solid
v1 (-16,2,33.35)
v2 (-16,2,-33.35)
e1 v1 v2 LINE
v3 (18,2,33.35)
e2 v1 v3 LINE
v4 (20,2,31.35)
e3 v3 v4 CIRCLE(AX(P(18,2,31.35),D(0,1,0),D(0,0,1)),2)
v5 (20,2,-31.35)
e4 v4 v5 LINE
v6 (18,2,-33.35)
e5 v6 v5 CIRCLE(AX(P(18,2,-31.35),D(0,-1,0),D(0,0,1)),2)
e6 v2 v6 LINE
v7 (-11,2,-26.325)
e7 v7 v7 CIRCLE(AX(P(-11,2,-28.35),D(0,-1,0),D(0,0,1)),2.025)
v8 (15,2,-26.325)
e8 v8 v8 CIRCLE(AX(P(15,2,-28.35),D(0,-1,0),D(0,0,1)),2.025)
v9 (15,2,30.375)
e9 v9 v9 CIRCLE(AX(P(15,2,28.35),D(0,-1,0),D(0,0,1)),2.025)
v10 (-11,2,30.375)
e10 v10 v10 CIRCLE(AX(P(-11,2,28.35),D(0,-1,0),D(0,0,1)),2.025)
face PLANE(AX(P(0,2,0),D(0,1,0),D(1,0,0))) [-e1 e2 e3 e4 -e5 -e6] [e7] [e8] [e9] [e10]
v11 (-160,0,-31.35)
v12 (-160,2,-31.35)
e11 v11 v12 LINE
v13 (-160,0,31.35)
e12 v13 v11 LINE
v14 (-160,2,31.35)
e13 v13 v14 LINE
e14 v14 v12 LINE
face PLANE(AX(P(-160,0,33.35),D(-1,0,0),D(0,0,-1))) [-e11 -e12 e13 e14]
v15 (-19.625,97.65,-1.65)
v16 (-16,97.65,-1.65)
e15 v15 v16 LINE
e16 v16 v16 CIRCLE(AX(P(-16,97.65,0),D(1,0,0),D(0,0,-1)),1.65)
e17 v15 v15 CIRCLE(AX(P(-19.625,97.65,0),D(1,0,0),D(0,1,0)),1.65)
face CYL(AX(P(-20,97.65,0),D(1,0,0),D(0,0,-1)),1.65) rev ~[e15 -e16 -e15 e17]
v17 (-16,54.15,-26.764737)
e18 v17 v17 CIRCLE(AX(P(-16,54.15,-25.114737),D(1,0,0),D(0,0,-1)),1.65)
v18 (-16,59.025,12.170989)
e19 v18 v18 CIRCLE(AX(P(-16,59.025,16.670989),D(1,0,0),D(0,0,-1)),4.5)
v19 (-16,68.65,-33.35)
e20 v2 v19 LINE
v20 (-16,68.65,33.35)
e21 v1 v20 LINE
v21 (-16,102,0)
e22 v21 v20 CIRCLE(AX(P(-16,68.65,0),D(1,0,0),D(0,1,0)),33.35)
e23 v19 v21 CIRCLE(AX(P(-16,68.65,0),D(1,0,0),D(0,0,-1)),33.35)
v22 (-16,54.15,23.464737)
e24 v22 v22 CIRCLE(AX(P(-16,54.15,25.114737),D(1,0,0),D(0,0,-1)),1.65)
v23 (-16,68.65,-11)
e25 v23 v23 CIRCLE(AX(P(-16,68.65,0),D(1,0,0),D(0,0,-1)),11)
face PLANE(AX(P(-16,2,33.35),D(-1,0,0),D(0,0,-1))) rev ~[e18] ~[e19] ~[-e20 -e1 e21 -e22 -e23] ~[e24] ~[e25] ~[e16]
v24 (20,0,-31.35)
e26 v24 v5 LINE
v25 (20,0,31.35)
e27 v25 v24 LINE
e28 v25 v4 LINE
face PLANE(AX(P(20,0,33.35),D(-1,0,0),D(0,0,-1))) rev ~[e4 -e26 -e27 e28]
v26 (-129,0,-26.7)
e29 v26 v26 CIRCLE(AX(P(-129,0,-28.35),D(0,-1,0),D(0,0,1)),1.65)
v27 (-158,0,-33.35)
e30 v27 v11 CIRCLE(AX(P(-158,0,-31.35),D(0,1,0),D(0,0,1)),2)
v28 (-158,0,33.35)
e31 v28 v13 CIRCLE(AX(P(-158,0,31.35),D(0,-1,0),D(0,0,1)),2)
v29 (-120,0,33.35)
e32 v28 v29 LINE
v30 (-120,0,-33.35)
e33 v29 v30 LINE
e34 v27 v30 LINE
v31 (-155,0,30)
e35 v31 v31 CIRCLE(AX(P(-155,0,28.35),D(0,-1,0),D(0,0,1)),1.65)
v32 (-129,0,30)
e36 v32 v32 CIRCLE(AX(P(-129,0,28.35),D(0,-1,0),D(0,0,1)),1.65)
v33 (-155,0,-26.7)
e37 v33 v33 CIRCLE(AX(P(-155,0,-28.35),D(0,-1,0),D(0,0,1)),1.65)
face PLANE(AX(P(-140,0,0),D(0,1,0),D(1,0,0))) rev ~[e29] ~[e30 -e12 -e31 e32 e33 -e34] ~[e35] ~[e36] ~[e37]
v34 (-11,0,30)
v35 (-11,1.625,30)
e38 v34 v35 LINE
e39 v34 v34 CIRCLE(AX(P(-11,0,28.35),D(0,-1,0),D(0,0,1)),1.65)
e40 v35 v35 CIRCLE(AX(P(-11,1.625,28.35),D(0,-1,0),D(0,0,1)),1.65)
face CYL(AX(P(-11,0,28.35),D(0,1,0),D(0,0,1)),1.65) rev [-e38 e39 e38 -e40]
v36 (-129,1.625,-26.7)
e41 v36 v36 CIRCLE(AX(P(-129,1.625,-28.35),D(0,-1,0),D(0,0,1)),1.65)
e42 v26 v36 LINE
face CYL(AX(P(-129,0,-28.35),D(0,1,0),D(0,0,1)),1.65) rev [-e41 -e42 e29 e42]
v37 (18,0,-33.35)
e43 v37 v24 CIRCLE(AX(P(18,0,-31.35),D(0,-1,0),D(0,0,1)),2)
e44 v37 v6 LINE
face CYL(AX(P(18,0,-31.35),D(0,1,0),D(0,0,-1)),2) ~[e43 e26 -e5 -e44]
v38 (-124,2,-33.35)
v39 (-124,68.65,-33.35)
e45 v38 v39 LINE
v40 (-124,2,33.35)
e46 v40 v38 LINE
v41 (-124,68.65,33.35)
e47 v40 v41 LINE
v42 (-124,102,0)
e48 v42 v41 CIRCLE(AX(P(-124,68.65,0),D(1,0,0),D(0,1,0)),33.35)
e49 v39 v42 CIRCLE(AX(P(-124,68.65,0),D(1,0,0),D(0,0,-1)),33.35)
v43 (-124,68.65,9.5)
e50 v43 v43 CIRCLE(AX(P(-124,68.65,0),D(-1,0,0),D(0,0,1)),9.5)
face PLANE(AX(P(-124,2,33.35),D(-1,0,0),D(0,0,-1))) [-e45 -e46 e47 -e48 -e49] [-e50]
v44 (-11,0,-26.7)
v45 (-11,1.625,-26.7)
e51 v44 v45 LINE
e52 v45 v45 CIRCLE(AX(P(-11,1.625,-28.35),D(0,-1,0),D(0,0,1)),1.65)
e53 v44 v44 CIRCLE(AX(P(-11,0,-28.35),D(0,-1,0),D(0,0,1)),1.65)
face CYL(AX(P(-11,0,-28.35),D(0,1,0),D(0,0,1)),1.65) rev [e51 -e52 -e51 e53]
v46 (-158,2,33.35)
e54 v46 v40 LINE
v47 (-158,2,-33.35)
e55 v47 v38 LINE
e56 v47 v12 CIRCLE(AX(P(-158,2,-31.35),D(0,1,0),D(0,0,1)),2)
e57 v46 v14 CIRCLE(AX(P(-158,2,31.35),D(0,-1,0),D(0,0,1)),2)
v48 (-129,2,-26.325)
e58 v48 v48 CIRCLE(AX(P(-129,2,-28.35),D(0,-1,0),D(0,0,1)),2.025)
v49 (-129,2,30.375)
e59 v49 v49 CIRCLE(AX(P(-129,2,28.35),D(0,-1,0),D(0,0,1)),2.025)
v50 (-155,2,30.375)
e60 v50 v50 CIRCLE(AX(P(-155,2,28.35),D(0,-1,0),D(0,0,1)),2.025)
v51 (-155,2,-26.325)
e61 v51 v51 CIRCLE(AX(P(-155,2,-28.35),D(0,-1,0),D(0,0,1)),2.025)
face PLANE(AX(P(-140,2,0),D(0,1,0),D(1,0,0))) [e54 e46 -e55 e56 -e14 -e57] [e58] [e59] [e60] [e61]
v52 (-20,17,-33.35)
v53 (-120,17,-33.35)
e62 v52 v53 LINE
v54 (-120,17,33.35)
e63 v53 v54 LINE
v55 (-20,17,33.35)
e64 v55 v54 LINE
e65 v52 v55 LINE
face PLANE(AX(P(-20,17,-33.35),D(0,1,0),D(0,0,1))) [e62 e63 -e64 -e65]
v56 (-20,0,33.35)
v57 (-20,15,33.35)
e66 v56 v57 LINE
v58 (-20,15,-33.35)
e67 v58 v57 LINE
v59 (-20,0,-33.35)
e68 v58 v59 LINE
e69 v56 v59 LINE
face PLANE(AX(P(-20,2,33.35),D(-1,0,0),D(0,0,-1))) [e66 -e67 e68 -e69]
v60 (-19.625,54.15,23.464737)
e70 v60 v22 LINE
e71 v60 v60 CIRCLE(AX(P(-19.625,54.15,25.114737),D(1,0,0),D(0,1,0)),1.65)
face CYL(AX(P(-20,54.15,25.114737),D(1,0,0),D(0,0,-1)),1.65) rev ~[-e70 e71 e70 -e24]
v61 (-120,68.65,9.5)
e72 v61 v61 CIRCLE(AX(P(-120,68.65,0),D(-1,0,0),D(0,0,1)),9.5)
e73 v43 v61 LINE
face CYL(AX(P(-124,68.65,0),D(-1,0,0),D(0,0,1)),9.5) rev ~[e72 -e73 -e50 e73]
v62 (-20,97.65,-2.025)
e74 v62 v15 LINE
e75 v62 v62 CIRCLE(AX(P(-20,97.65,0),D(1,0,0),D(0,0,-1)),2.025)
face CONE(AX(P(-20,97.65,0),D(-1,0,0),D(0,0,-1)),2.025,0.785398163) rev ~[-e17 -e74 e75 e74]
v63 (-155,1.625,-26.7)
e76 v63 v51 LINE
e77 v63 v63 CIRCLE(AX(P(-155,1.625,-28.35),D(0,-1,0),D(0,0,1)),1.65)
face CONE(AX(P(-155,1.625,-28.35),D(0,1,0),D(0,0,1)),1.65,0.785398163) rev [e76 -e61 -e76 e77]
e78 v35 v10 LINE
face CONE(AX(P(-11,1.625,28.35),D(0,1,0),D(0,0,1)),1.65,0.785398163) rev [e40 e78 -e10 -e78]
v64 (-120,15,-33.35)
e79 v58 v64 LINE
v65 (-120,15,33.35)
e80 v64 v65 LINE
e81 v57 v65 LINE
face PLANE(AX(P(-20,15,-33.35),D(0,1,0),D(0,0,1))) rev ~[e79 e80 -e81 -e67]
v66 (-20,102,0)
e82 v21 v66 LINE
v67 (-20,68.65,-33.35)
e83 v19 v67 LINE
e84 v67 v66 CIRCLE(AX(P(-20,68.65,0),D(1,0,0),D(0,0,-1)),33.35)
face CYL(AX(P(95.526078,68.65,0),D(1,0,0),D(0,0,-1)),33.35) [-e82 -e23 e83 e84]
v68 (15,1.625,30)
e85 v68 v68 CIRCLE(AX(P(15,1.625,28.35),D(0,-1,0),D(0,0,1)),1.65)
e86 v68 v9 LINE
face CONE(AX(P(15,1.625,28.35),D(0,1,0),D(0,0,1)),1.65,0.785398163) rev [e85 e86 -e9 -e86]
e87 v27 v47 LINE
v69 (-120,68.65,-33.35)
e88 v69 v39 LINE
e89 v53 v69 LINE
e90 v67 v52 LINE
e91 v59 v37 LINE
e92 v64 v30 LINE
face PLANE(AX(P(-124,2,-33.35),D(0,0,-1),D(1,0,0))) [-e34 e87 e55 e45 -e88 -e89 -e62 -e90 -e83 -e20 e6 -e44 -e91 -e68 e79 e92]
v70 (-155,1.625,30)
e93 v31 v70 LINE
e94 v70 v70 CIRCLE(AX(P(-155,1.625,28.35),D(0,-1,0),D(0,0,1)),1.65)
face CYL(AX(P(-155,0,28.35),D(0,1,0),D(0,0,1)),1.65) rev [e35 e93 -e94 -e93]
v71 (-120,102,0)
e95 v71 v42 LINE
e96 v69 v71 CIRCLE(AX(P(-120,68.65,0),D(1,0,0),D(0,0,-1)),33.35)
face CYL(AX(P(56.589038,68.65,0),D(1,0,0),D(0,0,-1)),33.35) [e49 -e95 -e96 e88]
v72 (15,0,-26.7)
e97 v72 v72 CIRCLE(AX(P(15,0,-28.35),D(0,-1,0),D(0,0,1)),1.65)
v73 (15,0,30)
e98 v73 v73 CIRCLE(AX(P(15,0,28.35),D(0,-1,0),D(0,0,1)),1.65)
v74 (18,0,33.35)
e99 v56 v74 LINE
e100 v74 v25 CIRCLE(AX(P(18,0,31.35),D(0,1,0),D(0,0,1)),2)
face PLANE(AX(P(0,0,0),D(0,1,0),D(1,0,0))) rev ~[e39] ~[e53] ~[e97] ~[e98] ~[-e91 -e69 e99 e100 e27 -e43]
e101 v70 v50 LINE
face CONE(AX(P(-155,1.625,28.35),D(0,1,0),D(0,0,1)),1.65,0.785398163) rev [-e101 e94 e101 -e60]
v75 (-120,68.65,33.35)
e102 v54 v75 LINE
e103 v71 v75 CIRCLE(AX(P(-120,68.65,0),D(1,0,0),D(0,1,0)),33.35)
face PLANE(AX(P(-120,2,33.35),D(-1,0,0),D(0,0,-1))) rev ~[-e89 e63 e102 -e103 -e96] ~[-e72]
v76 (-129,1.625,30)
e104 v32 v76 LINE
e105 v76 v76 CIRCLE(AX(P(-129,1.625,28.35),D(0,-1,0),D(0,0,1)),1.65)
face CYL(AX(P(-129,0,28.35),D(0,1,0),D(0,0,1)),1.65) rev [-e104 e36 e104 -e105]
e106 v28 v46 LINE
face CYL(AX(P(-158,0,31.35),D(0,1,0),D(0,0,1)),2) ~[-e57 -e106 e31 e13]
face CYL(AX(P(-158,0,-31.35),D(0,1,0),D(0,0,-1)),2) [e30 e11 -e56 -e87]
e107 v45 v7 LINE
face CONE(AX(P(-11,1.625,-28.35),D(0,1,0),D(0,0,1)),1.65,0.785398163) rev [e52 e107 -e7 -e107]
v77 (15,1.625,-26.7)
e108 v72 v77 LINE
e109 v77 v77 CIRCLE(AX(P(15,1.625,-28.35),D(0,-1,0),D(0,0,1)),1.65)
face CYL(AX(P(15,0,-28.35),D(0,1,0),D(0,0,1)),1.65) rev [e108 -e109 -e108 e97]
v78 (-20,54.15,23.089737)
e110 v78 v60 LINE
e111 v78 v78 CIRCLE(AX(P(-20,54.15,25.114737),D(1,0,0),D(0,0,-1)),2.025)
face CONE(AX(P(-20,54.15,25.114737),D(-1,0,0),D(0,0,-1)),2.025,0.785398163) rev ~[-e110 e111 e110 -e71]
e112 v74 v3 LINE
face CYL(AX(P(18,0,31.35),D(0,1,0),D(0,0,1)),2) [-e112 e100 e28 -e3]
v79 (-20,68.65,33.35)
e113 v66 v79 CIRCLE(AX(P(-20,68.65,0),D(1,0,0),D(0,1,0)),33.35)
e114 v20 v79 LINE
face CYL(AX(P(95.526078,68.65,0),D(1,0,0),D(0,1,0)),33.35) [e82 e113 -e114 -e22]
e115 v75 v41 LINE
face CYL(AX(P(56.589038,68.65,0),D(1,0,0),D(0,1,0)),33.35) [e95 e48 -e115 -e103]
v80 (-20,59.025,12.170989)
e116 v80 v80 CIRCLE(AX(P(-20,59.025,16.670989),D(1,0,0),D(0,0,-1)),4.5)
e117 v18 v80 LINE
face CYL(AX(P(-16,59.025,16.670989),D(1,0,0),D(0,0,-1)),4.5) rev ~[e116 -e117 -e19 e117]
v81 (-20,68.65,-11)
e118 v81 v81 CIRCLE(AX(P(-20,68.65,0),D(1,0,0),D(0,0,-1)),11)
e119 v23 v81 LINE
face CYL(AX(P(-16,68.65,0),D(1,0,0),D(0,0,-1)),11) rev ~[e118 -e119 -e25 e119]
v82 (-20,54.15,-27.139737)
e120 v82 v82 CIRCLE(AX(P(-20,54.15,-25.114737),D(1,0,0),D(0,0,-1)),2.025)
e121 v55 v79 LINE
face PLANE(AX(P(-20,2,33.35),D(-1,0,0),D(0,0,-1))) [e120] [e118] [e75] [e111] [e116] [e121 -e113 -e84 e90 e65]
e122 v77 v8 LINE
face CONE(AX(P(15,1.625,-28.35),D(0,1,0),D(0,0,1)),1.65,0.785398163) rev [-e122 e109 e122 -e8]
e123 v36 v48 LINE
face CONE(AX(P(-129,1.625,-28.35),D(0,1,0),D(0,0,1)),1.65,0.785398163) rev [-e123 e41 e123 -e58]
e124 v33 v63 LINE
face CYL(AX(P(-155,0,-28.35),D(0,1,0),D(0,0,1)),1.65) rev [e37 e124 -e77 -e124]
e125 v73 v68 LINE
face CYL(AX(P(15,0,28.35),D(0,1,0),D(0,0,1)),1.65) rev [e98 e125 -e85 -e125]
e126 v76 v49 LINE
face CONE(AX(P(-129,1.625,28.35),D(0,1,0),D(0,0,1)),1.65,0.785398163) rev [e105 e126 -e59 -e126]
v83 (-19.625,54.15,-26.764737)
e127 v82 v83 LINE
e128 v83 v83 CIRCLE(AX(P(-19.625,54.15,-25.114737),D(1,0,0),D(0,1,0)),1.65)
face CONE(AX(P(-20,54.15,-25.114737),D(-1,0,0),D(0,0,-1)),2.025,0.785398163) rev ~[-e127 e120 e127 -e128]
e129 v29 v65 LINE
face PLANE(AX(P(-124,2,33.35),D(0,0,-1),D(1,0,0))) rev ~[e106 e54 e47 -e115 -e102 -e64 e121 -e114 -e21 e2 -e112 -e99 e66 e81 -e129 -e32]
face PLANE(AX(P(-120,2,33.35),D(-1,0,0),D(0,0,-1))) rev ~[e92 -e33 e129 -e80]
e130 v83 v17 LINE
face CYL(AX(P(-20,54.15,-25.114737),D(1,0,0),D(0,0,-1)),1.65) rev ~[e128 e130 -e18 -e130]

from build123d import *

# Parameters (mm, degrees)
SKETCH_1_W                   = 40
SKETCH_1_H                   = 66.7
EXTRUDE_1_DEPTH              = 2
SKETCH_2_W                   = 4
SKETCH_2_H                   = 66.7
EXTRUDE_2_DEPTH              = 100
CUT_EXTRUDE_1_DEPTH          = 115.526077816
CUT_EXTRUDE_1_DEPTH_BACK     = 115.526077816
HOLE_WIZARD_M4_1_D           = 3.3
HOLE_WIZARD_M4_1_CSINK_D     = 4.05
HOLE_WIZARD_M4_1_CSINK_ANGLE = 90
HOLE_WIZARD_M4_2_AT_2_COUNT  = 2
HOLE_WIZARD_M4_2_AT_2_PITCH  = 68.59294731
HOLE_WIZARD_M4_2_AT_3_COUNT  = 2
HOLE_WIZARD_M4_2_AT_3_PITCH  = 26
HOLE_WIZARD_M4_2_AT_4_COUNT  = 2
HOLE_WIZARD_M4_2_AT_4_PITCH  = 62.376998966
HOLE_WIZARD_M4_2_AT_5_COUNT  = 2
HOLE_WIZARD_M4_2_AT_5_PITCH  = 56.7
SKETCH_11_W                  = 66.7
SKETCH_11_H                  = 2
EXTRUDE_3_DEPTH              = 100
SKETCH_13_W                  = 40
SKETCH_13_H                  = 66.7
EXTRUDE_4_DEPTH              = 2
SKETCH_14_W                  = 4
SKETCH_14_H                  = 66.7
EXTRUDE_5_DEPTH              = 100
CUT_EXTRUDE_2_DEPTH          = 180.589037806
CUT_EXTRUDE_2_DEPTH_BACK     = 180.589037806
HOLE_WIZARD_M4_3_AT_2_COUNT  = 2
HOLE_WIZARD_M4_3_AT_2_PITCH  = 26
HOLE_WIZARD_M4_3_AT_3_COUNT  = 2
HOLE_WIZARD_M4_3_AT_3_PITCH  = 62.376998966
HOLE_WIZARD_M4_3_AT_4_COUNT  = 2
HOLE_WIZARD_M4_3_AT_4_PITCH  = 56.7
CUT_EXTRUDE_3_REACH          = 181.589
SKETCH_18_R                  = 9.5
CUT_EXTRUDE_4_REACH          = 181.589
SKETCH_21_R                  = 11
CUT_EXTRUDE_5_REACH          = 181.589
SKETCH_22_R                  = 4.5
FILLET_1_R                   = 2


with BuildPart() as part:
    # 草图1 → 凸台-拉伸1 (new body)
    with BuildSketch(Plane(origin=(0, 0, 0), x_dir=(1, 0, 0), z_dir=(0, 1, 0))):
        Rectangle(SKETCH_1_W, SKETCH_1_H)
    extrude(amount=EXTRUDE_1_DEPTH)

    # 草图2 → 凸台-拉伸2 (add)
    with BuildSketch(Plane(origin=(0, 2, 0), x_dir=(1, 0, 0), z_dir=(0, 1, 0))):
        with Locations((-18, 0)):
            Rectangle(SKETCH_2_W, SKETCH_2_H)
    extrude(amount=EXTRUDE_2_DEPTH)

    # 草图5 → 切除-拉伸1 (cut, two sides: drawn at the far end of the back side and taken through both)
    with BuildSketch(Plane.ZY.offset(20).offset(-CUT_EXTRUDE_1_DEPTH_BACK)):
        with BuildLine():
            ThreePointArc((0, 102), (23.582011153, 92.232011153), (33.35, 68.65))
            Line((33.35, 68.65), (33.35, 102))
            Line((33.35, 102), (0, 102))
        make_face()
        with BuildLine():
            ThreePointArc((-33.35, 68.65), (-23.582011153, 92.232011153), (0, 102))
            Line((0, 102), (-33.35, 102))
            Line((-33.35, 102), (-33.35, 68.65))
        make_face()
    extrude(amount=CUT_EXTRUDE_1_DEPTH + CUT_EXTRUDE_1_DEPTH_BACK, mode=Mode.SUBTRACT)

    # M4 螺纹孔1 (through all)
    with Locations(Plane.ZY.offset(20)):
        with Locations((0, 97.65), (25.11473671, 54.15), (-25.11473671, 54.15)):
            CounterSinkHole(HOLE_WIZARD_M4_1_D / 2, HOLE_WIZARD_M4_1_CSINK_D / 2, counter_sink_angle=HOLE_WIZARD_M4_1_CSINK_ANGLE)

    # 草图10 → M4 螺纹孔2 (revolve, cut)
    with BuildSketch(Plane(origin=(15, 2, -28.35), x_dir=(0, 0, 1), z_dir=(1, 0, 0))):
        Polygon((0, 0), (0, 2), (1.65, 2), (1.65, 0.375), (2.025, 0), align=None)
    hole_wizard_m4_2 = revolve(axis=Axis((15, 8.35, -28.35), (0, -1, 0)), mode=Mode.SUBTRACT)

    # M4 螺纹孔2 at 2: M4 螺纹孔2 ×2
    with Locations(*[Vector(-0.9508085645250022, 0, 0.3097790722852413) * (i * HOLE_WIZARD_M4_2_AT_2_PITCH) for i in range(1, HOLE_WIZARD_M4_2_AT_2_COUNT)]):
        add(hole_wizard_m4_2, mode=Mode.SUBTRACT)

    # M4 螺纹孔2 at 3: M4 螺纹孔2 ×2
    with Locations(*[(-i * HOLE_WIZARD_M4_2_AT_3_PITCH, 0, 0) for i in range(1, HOLE_WIZARD_M4_2_AT_3_COUNT)]):
        add(hole_wizard_m4_2, mode=Mode.SUBTRACT)

    # M4 螺纹孔2 at 4: M4 螺纹孔2 ×2
    with Locations(*[Vector(-0.4168203092647413, 0, 0.9089889052042635) * (i * HOLE_WIZARD_M4_2_AT_4_PITCH) for i in range(1, HOLE_WIZARD_M4_2_AT_4_COUNT)]):
        add(hole_wizard_m4_2, mode=Mode.SUBTRACT)

    # M4 螺纹孔2 at 5: M4 螺纹孔2 ×2
    with Locations(*[(0, 0, i * HOLE_WIZARD_M4_2_AT_5_PITCH) for i in range(1, HOLE_WIZARD_M4_2_AT_5_COUNT)]):
        add(hole_wizard_m4_2, mode=Mode.SUBTRACT)

    # 草图11 → 凸台-拉伸3 (add)
    with BuildSketch(Plane.ZY.offset(20)):
        with Locations((0, 16)):
            Rectangle(SKETCH_11_W, SKETCH_11_H)
    extrude(amount=EXTRUDE_3_DEPTH)



with BuildPart() as body_2:
    # 草图13 → 凸台-拉伸4 (new body)
    with BuildSketch(Plane(origin=(0, 0, 0), x_dir=(1, 0, 0), z_dir=(0, 1, 0))):
        with Locations((-140, 0)):
            Rectangle(SKETCH_13_W, SKETCH_13_H)
    extrude(amount=EXTRUDE_4_DEPTH)


with BuildPart() as part_1:
    add(part.part)

    add(body_2.part)  # 凸台-拉伸5 merges body 2
    # 草图14 → 凸台-拉伸5 (add)
    with BuildSketch(Plane(origin=(0, 2, 0), x_dir=(1, 0, 0), z_dir=(0, 1, 0))):
        with Locations((-122, 0)):
            Rectangle(SKETCH_14_W, SKETCH_14_H)
    extrude(amount=EXTRUDE_5_DEPTH)

    # 草图15 → 切除-拉伸2 (cut, two sides: drawn at the far end of the back side and taken through both)
    with BuildSketch(Plane.ZY.offset(124).offset(-CUT_EXTRUDE_2_DEPTH_BACK)):
        with BuildLine():
            ThreePointArc((0, 102), (23.582011153, 92.232011153), (33.35, 68.65))
            Line((33.35, 68.65), (33.35, 102))
            Line((33.35, 102), (0, 102))
        make_face()
        with BuildLine():
            ThreePointArc((-33.35, 68.65), (-23.582011153, 92.232011153), (0, 102))
            Line((0, 102), (-33.35, 102))
            Line((-33.35, 102), (-33.35, 68.65))
        make_face()
    extrude(amount=CUT_EXTRUDE_2_DEPTH + CUT_EXTRUDE_2_DEPTH_BACK, mode=Mode.SUBTRACT)

    # 草图17 → M4 螺纹孔3 (revolve, cut)
    with BuildSketch(Plane(origin=(-129, 2, -28.35), x_dir=(0, 0, 1), z_dir=(1, 0, 0))):
        Polygon((0, 0), (0, 2), (1.65, 2), (1.65, 0.375), (2.025, 0), align=None)
    hole_wizard_m4_3 = revolve(axis=Axis((-129, 8.35, -28.35), (0, -1, 0)), mode=Mode.SUBTRACT)

    # M4 螺纹孔3 at 2: M4 螺纹孔3 ×2
    with Locations(*[(-i * HOLE_WIZARD_M4_3_AT_2_PITCH, 0, 0) for i in range(1, HOLE_WIZARD_M4_3_AT_2_COUNT)]):
        add(hole_wizard_m4_3, mode=Mode.SUBTRACT)

    # M4 螺纹孔3 at 3: M4 螺纹孔3 ×2
    with Locations(*[Vector(-0.41682030926474106, 0, 0.9089889052042636) * (i * HOLE_WIZARD_M4_3_AT_3_PITCH) for i in range(1, HOLE_WIZARD_M4_3_AT_3_COUNT)]):
        add(hole_wizard_m4_3, mode=Mode.SUBTRACT)

    # M4 螺纹孔3 at 4: M4 螺纹孔3 ×2
    with Locations(*[(0, 0, i * HOLE_WIZARD_M4_3_AT_4_PITCH) for i in range(1, HOLE_WIZARD_M4_3_AT_4_COUNT)]):
        add(hole_wizard_m4_3, mode=Mode.SUBTRACT)

    # 草图18 → 切除-拉伸3 (cut, up to next)
    with BuildSketch(Plane.ZY.offset(124), mode=Mode.PRIVATE) as cut_extrude_3_sk1:
        with Locations((0, 68.65)):
            Circle(SKETCH_18_R)
    cut_extrude_3_tool1 = extrude(cut_extrude_3_sk1.sketch, amount=-CUT_EXTRUDE_3_REACH, mode=Mode.PRIVATE) & part_1.part
    add(cut_extrude_3_tool1.solids().sort_by_distance((-124, 68.65, 0))[0], mode=Mode.SUBTRACT)

    # 草图21 → 切除-拉伸4 (cut, up to next)
    with BuildSketch(Plane(origin=(-16, 0, 0), x_dir=(0, 0, -1), z_dir=(1, 0, 0)), mode=Mode.PRIVATE) as cut_extrude_4_sk1:
        with Locations((0, 68.65)):
            Circle(SKETCH_21_R)
    cut_extrude_4_tool1 = extrude(cut_extrude_4_sk1.sketch, amount=-CUT_EXTRUDE_4_REACH, mode=Mode.PRIVATE) & part_1.part
    add(cut_extrude_4_tool1.solids().sort_by_distance((-16, 68.65, 0))[0], mode=Mode.SUBTRACT)

    # 草图22 → 切除-拉伸5 (cut, up to next)
    with BuildSketch(Plane(origin=(-16, 0, 0), x_dir=(0, 0, -1), z_dir=(1, 0, 0)), mode=Mode.PRIVATE) as cut_extrude_5_sk1:
        with Locations((-16.670989023, 59.025)):
            Circle(SKETCH_22_R)
    cut_extrude_5_tool1 = extrude(cut_extrude_5_sk1.sketch, amount=-CUT_EXTRUDE_5_REACH, mode=Mode.PRIVATE) & part_1.part
    add(cut_extrude_5_tool1.solids().sort_by_distance((-16, 59.025, 16.670989))[0], mode=Mode.SUBTRACT)

    # 圆角1
    fillet_1_edges = [part_1.edges().sort_by_distance(p)[0] for p in [
        (-160, 1, -33.35),
        (-160, 1, 33.35),
        (20, 1, 33.35),
        (20, 1, -33.35),
    ]]
    fillet(fillet_1_edges, radius=FILLET_1_R)


solid = part_1.part
